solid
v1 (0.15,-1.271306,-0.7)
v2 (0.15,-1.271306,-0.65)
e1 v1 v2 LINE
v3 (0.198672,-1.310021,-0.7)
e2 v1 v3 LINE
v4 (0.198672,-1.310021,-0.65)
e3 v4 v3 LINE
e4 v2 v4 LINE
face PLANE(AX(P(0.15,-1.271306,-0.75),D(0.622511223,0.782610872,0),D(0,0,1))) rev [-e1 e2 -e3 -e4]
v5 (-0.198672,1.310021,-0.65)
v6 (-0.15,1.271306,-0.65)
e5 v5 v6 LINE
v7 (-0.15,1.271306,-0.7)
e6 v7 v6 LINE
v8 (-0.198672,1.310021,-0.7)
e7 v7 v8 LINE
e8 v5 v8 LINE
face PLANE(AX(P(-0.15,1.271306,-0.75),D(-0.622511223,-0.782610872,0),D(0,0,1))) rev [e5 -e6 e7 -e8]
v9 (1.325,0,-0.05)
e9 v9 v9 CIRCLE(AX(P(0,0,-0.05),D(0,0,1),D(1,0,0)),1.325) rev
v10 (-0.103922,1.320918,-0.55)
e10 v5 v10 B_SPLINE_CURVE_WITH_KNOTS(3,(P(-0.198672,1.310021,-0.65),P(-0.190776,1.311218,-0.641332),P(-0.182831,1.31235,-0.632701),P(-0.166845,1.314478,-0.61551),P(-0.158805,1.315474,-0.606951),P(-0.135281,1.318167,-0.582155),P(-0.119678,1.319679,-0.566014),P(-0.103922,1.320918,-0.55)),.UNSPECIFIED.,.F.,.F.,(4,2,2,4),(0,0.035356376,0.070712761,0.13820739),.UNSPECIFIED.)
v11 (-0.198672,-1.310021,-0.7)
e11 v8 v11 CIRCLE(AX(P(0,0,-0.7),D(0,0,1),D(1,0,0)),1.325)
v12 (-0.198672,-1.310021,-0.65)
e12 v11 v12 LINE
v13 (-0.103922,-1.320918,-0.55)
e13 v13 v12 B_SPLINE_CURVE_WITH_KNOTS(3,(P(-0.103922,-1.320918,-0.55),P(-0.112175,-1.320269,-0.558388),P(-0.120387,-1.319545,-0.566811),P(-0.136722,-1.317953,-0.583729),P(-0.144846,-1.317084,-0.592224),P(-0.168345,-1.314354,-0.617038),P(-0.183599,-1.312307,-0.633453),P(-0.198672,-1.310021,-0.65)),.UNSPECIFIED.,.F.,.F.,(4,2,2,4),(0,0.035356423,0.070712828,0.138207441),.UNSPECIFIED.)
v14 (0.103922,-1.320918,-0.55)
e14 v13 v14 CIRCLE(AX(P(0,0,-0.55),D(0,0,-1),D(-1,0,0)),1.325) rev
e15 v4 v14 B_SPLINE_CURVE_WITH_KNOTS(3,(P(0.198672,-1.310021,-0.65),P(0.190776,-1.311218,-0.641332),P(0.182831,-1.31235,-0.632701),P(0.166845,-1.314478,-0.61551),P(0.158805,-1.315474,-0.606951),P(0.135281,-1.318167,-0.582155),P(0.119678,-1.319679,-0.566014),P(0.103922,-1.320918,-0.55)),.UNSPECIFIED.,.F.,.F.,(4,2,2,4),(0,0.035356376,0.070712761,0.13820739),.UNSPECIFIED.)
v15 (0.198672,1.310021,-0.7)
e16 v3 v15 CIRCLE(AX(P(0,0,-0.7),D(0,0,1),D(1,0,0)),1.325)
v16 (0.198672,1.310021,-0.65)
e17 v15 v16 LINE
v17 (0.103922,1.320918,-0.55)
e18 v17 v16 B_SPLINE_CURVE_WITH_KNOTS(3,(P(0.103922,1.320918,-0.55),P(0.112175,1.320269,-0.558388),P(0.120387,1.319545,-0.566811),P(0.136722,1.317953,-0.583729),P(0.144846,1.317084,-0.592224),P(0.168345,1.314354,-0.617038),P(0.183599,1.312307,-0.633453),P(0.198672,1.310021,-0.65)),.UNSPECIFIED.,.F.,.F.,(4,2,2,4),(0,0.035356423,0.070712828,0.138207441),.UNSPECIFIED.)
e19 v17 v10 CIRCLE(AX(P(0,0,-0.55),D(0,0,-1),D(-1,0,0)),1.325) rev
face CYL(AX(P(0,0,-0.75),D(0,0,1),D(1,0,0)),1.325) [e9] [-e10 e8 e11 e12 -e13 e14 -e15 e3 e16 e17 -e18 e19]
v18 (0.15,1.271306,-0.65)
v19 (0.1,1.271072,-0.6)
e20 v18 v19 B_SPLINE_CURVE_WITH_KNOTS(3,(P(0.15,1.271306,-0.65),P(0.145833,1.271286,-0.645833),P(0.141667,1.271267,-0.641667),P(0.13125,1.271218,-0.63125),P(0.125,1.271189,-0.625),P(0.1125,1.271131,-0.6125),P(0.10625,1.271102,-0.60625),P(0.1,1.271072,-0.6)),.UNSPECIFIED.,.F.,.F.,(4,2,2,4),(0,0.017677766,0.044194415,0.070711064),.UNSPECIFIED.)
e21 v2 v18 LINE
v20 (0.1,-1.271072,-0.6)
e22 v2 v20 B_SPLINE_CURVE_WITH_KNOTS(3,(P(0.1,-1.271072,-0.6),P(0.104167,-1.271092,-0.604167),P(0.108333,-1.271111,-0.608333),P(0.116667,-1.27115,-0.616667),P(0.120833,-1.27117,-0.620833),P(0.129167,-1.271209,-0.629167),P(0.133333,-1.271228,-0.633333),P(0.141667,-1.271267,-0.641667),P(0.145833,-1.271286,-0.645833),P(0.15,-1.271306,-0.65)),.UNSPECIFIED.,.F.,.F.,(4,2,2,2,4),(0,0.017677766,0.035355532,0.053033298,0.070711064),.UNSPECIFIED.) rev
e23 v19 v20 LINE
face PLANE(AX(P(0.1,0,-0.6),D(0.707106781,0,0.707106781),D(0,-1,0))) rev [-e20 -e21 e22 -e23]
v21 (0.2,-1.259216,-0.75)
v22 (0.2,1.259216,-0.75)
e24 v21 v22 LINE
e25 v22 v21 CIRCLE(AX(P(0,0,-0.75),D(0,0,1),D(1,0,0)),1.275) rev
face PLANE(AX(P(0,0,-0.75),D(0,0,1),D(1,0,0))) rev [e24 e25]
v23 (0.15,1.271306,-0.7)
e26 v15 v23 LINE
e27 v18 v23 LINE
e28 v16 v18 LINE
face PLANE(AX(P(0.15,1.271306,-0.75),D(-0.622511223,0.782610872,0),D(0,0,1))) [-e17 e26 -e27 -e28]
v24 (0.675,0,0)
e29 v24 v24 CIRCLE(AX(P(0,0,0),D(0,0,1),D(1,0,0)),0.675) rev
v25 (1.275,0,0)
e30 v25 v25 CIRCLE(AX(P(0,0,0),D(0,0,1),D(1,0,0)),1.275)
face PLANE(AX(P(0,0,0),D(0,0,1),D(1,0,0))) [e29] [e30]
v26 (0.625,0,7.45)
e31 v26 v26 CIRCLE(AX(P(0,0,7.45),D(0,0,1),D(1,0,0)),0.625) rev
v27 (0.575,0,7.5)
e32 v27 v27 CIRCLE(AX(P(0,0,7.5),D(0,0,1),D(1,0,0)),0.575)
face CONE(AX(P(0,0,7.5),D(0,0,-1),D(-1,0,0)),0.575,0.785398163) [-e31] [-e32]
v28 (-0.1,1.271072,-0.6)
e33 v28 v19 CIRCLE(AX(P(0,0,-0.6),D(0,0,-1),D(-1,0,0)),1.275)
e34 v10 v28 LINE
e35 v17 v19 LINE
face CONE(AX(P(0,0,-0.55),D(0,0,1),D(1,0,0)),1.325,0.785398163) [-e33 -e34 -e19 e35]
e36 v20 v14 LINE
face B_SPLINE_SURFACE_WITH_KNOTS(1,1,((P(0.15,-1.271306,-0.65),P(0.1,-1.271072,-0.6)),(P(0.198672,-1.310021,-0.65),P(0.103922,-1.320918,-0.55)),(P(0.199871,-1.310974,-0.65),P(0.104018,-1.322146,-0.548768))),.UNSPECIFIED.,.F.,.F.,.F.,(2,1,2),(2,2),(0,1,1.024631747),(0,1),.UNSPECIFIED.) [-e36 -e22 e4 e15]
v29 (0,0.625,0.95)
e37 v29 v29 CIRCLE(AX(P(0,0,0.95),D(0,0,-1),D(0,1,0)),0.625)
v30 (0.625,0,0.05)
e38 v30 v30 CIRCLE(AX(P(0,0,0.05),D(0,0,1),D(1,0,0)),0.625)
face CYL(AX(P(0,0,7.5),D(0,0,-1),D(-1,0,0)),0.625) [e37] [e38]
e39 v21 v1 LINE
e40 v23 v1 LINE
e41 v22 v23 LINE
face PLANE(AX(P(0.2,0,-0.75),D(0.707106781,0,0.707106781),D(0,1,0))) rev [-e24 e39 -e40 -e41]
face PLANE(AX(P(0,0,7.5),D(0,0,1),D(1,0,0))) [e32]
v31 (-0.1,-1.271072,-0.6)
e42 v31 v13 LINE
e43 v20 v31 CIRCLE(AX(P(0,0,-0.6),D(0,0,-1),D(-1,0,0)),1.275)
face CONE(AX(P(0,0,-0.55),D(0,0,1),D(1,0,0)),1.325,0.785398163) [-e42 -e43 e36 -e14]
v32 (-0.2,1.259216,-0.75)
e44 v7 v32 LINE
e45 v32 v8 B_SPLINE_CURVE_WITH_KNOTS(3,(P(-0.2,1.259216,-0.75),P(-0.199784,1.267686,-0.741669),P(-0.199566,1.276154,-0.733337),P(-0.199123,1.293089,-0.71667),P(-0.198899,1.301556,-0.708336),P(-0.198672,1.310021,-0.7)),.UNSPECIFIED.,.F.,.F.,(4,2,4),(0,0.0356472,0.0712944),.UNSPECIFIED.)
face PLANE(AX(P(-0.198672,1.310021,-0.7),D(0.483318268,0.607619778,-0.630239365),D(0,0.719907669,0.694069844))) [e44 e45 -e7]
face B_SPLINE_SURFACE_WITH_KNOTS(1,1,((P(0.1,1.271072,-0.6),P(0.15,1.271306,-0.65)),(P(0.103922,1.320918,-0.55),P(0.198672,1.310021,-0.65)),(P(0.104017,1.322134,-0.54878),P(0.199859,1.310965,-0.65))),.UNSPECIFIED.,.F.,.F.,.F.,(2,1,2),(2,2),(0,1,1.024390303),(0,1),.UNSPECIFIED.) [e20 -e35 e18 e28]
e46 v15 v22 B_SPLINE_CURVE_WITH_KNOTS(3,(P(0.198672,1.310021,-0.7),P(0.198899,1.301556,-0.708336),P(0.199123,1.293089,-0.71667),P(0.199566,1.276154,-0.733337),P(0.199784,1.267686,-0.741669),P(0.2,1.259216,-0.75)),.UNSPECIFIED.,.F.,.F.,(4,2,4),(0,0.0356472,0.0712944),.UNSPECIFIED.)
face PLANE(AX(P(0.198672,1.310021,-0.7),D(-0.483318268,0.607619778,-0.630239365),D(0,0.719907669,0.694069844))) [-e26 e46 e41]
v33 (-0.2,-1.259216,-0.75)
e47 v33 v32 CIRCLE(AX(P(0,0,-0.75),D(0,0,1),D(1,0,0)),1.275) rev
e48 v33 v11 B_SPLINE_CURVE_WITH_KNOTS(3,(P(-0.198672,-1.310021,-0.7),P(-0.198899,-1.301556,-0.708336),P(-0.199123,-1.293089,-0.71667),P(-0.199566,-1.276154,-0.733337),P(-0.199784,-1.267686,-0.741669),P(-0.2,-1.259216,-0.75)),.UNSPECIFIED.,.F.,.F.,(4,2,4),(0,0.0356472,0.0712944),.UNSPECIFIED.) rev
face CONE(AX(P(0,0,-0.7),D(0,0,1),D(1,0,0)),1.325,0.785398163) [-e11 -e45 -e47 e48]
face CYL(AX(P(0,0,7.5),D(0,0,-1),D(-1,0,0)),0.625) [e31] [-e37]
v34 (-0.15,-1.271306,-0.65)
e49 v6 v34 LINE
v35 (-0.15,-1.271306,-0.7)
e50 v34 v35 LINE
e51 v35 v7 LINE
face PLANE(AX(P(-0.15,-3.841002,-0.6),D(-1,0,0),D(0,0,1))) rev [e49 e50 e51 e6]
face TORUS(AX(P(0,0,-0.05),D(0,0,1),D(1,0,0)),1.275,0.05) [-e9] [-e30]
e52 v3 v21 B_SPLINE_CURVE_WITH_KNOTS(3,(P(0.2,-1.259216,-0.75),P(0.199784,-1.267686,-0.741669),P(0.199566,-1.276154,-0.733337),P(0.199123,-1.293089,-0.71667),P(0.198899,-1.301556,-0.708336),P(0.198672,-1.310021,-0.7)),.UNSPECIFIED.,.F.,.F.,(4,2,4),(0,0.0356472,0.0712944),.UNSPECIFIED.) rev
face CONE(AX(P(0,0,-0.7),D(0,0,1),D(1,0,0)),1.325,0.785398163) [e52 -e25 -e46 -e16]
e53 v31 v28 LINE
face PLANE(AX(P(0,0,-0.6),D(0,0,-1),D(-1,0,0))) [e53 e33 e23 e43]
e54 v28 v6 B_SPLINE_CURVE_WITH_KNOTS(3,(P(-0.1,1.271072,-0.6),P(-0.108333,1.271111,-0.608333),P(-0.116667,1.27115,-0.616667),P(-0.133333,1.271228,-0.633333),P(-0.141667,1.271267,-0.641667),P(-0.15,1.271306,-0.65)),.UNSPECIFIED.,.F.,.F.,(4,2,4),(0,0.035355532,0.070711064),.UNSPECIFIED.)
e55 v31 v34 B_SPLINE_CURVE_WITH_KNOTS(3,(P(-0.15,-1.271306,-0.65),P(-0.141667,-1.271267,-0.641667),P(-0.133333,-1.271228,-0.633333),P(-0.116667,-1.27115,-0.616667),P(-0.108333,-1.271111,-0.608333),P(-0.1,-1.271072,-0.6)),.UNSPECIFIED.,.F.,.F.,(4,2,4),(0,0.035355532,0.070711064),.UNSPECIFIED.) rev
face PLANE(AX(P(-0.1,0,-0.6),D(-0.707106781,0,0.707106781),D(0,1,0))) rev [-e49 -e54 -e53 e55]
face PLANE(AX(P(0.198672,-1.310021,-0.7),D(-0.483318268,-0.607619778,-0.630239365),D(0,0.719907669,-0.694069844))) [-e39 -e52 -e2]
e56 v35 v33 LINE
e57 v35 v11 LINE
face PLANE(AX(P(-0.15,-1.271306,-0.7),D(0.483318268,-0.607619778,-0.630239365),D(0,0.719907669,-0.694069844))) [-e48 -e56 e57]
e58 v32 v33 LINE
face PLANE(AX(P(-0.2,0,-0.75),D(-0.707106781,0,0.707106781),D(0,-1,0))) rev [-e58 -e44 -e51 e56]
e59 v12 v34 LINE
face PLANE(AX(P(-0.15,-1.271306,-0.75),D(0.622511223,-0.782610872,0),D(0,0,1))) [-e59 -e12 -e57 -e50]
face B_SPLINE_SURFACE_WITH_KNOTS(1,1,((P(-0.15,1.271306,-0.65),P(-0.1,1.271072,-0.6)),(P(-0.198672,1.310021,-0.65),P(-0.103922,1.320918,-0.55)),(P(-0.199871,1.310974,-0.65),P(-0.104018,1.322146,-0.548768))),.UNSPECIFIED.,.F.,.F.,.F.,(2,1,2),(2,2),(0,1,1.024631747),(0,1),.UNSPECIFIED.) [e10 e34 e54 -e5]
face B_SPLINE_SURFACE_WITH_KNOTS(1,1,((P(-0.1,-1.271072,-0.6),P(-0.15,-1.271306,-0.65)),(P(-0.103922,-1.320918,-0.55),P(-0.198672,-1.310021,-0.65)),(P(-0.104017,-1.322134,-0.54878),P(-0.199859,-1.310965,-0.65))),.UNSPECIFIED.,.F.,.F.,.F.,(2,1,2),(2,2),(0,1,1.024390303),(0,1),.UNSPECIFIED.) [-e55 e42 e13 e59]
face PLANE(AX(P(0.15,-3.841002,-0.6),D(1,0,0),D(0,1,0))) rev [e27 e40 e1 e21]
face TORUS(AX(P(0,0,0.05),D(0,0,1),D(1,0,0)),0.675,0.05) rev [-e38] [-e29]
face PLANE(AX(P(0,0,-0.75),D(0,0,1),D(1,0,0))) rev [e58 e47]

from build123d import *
from OCP.BRepFilletAPI import BRepFilletAPI_MakeChamfer

# Parameters (mm, degrees)
SKETCH1_R           = 0.625
BOSS_EXTRUDE1_DEPTH = 7.5
SKETCH2_R           = 1.325
BOSS_EXTRUDE2_DEPTH = 0.75
SKETCH3_W           = 0.3
SKETCH3_H           = 7.682003158
CUT_EXTRUDE1_DEPTH  = 0.15
CHAMFER1_SIZE       = 0.05
CHAMFER1_SIZE2      = 0.045176141
FILLET1_R           = 0.05
CHAMFER2_SIZE       = 0.05


with BuildPart() as part:
    # Sketch1 → Boss-Extrude1 (new body)
    with BuildSketch(Plane.XY):
        Circle(SKETCH1_R)
    extrude(amount=BOSS_EXTRUDE1_DEPTH)

    # Sketch2 → Boss-Extrude2 (add)
    with BuildSketch(Plane.XY):
        Circle(SKETCH2_R)
    extrude(amount=-BOSS_EXTRUDE2_DEPTH)

    # Sketch3 → Cut-Extrude1 (cut)
    with BuildSketch(Plane(origin=(0, 0, -0.75), x_dir=(-1, 0, 0), z_dir=(0, 0, -1))):
        Rectangle(SKETCH3_W, SKETCH3_H)
    extrude(amount=-CUT_EXTRUDE1_DEPTH, mode=Mode.SUBTRACT)

    # Chamfer1: one chamfer whose edges measure the first distance from different faces: ONE call of the kernel's chamfer builder (chamfer() names one face for all edges)
    chamfer1_edges_1 = [part.edges().sort_by_distance(p)[0] for p in [
        (-1.325, 0, -0.75),
        (0.988527946, 0.882291052, -0.75),
        (-0.15, 0, -0.75),
        (0.15, 0, -0.75),
        (0, 1.325, -0.6),
        (0, -1.325, -0.6),
        (0.15, 0, -0.6),
        (-0.15, 0, -0.6),
    ]]
    chamfer1_edges_2 = [part.edges().sort_by_distance(p)[0] for p in [
        (0.15, 1.316482055, -0.675),
        (0.15, -1.316482055, -0.675),
        (-0.15, -1.316482055, -0.675),
        (-0.15, 1.316482055, -0.675),
    ]]
    chamfer1_side_2 = [part.faces().sort_by_distance(p)[0] for p in [
        (-1.325, 0, -0.375),
    ]]
    chamfer1 = BRepFilletAPI_MakeChamfer(part.part.solid().wrapped)
    for e in chamfer1_edges_1:
        chamfer1.Add(CHAMFER1_SIZE, e.wrapped)
    for e in chamfer1_edges_2:
        chamfer1.Add(CHAMFER1_SIZE, CHAMFER1_SIZE2, e.wrapped, chamfer1_side_2[0].wrapped)  # the first distance lies on this face
    add(Compound.cast(chamfer1.Shape()), mode=Mode.REPLACE)

    # Fillet1
    fillet1_edges = [part.edges().sort_by_distance(p)[0] for p in [
        (-0.625, 0, 0),
        (-1.325, 0, 0),
    ]]
    fillet(fillet1_edges, radius=FILLET1_R)

    # Chamfer2
    chamfer2_edges = [part.edges().sort_by_distance(p)[0] for p in [
        (-0.625, 0, 7.5),
    ]]
    chamfer(chamfer2_edges, length=CHAMFER2_SIZE)


solid = part.part
